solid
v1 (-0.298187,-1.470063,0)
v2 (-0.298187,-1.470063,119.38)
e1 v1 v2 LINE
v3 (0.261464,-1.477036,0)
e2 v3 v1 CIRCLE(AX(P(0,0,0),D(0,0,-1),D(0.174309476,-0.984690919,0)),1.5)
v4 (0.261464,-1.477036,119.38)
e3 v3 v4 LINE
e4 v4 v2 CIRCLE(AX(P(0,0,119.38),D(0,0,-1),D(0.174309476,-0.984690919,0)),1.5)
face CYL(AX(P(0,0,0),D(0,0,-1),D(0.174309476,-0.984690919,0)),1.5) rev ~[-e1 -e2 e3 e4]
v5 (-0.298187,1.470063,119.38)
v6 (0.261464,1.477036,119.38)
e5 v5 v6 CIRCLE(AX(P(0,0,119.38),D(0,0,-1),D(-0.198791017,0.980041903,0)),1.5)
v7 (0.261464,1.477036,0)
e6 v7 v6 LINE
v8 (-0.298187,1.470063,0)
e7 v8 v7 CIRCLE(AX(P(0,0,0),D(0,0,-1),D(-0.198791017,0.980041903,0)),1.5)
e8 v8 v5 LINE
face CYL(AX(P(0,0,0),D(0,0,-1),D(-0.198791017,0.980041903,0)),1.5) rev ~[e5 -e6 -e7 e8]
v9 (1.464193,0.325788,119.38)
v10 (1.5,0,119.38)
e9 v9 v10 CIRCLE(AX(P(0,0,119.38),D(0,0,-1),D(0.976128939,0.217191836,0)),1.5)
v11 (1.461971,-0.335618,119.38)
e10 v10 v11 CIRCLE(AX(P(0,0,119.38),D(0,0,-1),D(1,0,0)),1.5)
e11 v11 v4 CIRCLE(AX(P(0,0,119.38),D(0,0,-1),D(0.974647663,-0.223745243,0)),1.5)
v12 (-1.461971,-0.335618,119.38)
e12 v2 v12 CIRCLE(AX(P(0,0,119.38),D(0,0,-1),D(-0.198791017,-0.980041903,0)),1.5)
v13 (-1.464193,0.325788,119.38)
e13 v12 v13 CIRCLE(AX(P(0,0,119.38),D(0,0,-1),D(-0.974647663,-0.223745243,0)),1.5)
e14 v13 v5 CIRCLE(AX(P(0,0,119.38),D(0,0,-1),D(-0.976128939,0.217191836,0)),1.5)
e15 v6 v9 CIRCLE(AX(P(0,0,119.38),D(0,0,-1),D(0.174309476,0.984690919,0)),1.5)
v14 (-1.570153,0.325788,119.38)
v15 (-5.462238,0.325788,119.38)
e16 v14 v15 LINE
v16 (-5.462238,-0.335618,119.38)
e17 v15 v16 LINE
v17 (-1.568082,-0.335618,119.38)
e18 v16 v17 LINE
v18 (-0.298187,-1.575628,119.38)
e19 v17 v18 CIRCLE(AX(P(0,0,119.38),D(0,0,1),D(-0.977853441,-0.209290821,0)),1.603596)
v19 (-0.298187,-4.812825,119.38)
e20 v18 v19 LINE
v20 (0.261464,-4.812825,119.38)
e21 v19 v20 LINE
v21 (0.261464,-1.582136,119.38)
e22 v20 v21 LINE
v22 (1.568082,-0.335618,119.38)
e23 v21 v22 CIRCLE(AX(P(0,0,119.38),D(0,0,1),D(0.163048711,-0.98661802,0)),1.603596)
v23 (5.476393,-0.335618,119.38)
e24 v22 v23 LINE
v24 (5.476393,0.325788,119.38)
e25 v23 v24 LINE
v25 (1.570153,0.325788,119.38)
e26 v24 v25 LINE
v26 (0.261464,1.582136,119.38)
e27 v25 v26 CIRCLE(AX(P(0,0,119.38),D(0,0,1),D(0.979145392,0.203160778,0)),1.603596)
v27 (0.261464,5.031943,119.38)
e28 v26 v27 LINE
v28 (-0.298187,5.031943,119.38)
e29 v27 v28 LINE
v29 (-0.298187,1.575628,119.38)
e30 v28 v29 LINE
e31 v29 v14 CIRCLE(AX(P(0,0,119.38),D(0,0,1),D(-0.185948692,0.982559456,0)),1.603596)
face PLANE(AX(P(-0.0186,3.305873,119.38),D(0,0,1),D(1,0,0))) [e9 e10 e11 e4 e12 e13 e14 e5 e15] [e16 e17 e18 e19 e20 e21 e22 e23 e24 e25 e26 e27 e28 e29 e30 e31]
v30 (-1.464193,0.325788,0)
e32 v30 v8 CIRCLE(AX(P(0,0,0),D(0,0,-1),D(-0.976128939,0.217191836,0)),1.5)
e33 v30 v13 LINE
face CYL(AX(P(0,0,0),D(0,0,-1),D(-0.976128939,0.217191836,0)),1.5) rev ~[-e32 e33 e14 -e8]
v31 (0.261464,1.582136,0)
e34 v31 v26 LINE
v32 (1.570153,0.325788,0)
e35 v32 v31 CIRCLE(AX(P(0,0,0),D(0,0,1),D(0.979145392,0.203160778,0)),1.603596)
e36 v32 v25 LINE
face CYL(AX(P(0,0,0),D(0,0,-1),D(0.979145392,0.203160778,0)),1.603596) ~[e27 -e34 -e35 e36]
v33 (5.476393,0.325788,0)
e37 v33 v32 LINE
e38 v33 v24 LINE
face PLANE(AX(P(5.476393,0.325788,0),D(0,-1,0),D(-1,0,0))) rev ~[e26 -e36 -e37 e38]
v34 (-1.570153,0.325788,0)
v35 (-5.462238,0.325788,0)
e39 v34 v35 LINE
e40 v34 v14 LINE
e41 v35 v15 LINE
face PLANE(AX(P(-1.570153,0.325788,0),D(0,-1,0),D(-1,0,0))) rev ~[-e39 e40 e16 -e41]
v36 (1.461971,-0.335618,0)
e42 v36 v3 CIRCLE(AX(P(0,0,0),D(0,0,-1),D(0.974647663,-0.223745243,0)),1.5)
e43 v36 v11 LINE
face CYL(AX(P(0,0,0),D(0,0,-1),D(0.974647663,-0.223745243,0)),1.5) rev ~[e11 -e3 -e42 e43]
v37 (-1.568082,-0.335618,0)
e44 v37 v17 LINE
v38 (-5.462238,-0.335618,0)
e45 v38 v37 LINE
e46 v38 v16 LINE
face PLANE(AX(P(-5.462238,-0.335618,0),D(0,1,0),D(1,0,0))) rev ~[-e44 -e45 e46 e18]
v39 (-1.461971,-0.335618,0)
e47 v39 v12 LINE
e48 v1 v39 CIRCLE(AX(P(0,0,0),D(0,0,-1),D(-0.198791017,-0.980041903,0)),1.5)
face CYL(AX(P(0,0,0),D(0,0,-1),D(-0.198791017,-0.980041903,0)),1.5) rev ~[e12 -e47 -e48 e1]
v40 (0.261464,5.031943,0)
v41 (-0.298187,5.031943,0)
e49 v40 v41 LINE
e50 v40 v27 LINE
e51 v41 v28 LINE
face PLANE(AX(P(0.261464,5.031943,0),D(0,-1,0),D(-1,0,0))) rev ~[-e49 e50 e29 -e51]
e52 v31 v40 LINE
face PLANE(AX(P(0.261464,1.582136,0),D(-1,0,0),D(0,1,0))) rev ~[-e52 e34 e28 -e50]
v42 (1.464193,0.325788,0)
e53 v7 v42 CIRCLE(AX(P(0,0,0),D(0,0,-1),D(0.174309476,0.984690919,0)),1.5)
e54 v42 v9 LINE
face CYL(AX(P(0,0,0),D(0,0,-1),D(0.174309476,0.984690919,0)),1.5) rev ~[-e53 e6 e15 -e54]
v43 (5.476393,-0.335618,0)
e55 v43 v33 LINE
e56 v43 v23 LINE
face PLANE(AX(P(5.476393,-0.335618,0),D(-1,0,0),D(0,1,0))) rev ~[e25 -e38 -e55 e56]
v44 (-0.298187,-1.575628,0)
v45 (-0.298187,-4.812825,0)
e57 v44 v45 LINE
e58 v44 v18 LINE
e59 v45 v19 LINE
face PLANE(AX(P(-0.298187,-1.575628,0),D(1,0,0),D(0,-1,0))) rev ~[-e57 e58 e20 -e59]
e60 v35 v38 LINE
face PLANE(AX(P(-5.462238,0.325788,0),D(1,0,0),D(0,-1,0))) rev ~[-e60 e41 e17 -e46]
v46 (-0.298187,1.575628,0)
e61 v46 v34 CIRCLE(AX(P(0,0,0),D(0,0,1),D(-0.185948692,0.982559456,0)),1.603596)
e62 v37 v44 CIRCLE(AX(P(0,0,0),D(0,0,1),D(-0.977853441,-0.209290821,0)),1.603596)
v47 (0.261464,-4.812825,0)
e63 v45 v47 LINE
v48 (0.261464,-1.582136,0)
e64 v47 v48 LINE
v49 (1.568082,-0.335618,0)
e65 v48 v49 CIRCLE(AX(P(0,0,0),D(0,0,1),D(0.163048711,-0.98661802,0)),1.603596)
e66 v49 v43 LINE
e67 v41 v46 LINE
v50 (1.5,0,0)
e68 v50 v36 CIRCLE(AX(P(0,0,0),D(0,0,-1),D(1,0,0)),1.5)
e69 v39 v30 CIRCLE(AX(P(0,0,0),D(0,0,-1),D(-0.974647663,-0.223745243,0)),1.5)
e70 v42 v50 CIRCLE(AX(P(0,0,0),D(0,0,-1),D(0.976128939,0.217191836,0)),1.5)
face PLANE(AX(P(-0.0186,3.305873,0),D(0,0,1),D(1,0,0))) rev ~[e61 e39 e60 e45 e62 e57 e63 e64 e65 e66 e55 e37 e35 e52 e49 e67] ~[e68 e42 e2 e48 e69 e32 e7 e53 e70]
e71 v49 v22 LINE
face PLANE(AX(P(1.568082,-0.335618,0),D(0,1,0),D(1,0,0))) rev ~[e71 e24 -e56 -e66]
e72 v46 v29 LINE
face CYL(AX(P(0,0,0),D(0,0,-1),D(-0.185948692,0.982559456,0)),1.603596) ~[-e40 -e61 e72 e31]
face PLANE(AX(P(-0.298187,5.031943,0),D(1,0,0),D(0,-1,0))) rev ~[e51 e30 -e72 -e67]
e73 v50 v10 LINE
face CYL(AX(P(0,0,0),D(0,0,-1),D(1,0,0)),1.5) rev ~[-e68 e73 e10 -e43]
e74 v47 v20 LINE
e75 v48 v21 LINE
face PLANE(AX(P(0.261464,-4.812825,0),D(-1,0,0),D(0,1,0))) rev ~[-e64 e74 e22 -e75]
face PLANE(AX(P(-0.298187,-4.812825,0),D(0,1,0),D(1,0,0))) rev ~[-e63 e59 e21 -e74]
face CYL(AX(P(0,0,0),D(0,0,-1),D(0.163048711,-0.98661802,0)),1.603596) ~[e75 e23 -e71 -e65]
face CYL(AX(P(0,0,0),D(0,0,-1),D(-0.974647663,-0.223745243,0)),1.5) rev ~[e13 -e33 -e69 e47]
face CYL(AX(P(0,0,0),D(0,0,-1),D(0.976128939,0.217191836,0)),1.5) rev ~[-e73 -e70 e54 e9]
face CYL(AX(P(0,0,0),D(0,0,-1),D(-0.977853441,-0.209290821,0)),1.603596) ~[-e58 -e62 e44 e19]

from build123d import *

# Parameters (mm, degrees)
F1_DEPTH = 119.38


with BuildPart() as f1:
    # F0 (on Top) → F1 (new body)
    with BuildSketch(Plane.XY):
        with BuildLine():
            ThreePointArc((-0.2981865255, 1.5756281364), (-0.0186472924, 1.6034872954), (0.2614642144, 1.582136433))
            Line((0.2614642144, 1.582136433), (0.2614642144, 5.0319428556))
            Line((0.2614642144, 5.0319428556), (-0.2981865255, 5.0319428556))
            Line((-0.2981865255, 5.0319428556), (-0.2981865255, 1.5756281364))
        make_face()
        with BuildLine():
            ThreePointArc((-1.5680815915, -0.335617864), (-1.6035878514, -0.0050230288), (-1.5701533579, 0.3257877543))
            Line((-1.5701533579, 0.3257877543), (-5.4622376338, 0.3257877543))
            Line((-5.4622376338, 0.3257877543), (-5.4622376338, -0.335617864))
            Line((-5.4622376338, -0.335617864), (-1.5680815915, -0.335617864))
        make_face()
        with BuildLine():
            Line((5.4763928056, 0.3257877543), (1.5701533579, 0.3257877543))
            ThreePointArc((1.5701533579, 0.3257877543), (1.5952132193, 0.1637498491), (1.6035957184, 0))
            ThreePointArc((1.6035957184, 0), (1.594692471, -0.1687458176), (1.5680815915, -0.335617864))
            Line((1.5680815915, -0.335617864), (5.4763928056, -0.335617864))
            Line((5.4763928056, -0.335617864), (5.4763928056, 0.3257877543))
        make_face()
        with BuildLine():
            Line((0.2614642144, -4.8128245398), (0.2614642144, -1.582136433))
            ThreePointArc((0.2614642144, -1.582136433), (-0.0186472924, -1.6034872954), (-0.2981865255, -1.5756281364))
            Line((-0.2981865255, -1.5756281364), (-0.2981865255, -4.8128245398))
            Line((-0.2981865255, -4.8128245398), (0.2614642144, -4.8128245398))
        make_face()
        with BuildLine():
            ThreePointArc((0.2614642144, 1.4770363789), (1.0372159405, 1.0835972927), (1.4641934091, 0.3257877543))
            Line((1.4641934091, 0.3257877543), (1.5701533579, 0.3257877543))
            ThreePointArc((1.5701533579, 0.3257877543), (1.1105443411, 1.1568104835), (0.2614642144, 1.582136433))
            Line((0.2614642144, 1.582136433), (0.2614642144, 1.4770363789))
        make_face()
        with BuildLine():
            ThreePointArc((-0.2981865255, 1.4700628544), (-0.0186892895, 1.4998835656), (0.2614642144, 1.4770363789))
            Line((0.2614642144, 1.4770363789), (0.2614642144, 1.582136433))
            ThreePointArc((0.2614642144, 1.582136433), (-0.0186472924, 1.6034872954), (-0.2981865255, 1.5756281364))
            Line((-0.2981865255, 1.5756281364), (-0.2981865255, 1.4700628544))
        make_face()
        with BuildLine():
            ThreePointArc((-1.4641934091, 0.3257877543), (-1.0506365378, 1.0705899614), (-0.2981865255, 1.4700628544))
            Line((-0.2981865255, 1.4700628544), (-0.2981865255, 1.5756281364))
            ThreePointArc((-0.2981865255, 1.5756281364), (-1.1239211383, 1.1438183872), (-1.5701533579, 0.3257877543))
            Line((-1.5701533579, 0.3257877543), (-1.4641934091, 0.3257877543))
        make_face()
        with BuildLine():
            ThreePointArc((-1.461971494, -0.335617864), (-1.499991536, -0.0050390467), (-1.4641934091, 0.3257877543))
            Line((-1.4641934091, 0.3257877543), (-1.5701533579, 0.3257877543))
            ThreePointArc((-1.5701533579, 0.3257877543), (-1.6035878514, -0.0050230288), (-1.5680815915, -0.335617864))
            Line((-1.5680815915, -0.335617864), (-1.461971494, -0.335617864))
        make_face()
        with BuildLine():
            Line((-0.2981865255, -1.5756281364), (-0.2981865255, -1.4700628544))
            ThreePointArc((-0.2981865255, -1.4700628544), (-1.0470341076, -1.0741133914), (-1.461971494, -0.335617864))
            Line((-1.461971494, -0.335617864), (-1.5680815915, -0.335617864))
            ThreePointArc((-1.5680815915, -0.335617864), (-1.1203327809, -1.1473332943), (-0.2981865255, -1.5756281364))
        make_face()
        with BuildLine():
            Line((0.2614642144, -1.582136433), (0.2614642144, -1.4770363789))
            ThreePointArc((0.2614642144, -1.4770363789), (-0.0186892895, -1.4998835656), (-0.2981865255, -1.4700628544))
            Line((-0.2981865255, -1.4700628544), (-0.2981865255, -1.5756281364))
            ThreePointArc((-0.2981865255, -1.5756281364), (-0.0186472924, -1.6034872954), (0.2614642144, -1.582136433))
        make_face()
        with BuildLine():
            Line((1.5680815915, -0.335617864), (1.461971494, -0.335617864))
            ThreePointArc((1.461971494, -0.335617864), (1.0335698897, -1.0870755646), (0.2614642144, -1.4770363789))
            Line((0.2614642144, -1.4770363789), (0.2614642144, -1.582136433))
            ThreePointArc((0.2614642144, -1.582136433), (1.1069153534, -1.1602834259), (1.5680815915, -0.335617864))
        make_face()
        with BuildLine():
            ThreePointArc((1.4641934091, 0.3257877543), (1.491021481, 0.163874779), (1.5, 0))
            ThreePointArc((1.5, 0), (1.4904625525, -0.1688827389), (1.461971494, -0.335617864))
            Line((1.461971494, -0.335617864), (1.5680815915, -0.335617864))
            ThreePointArc((1.5680815915, -0.335617864), (1.594692471, -0.1687458176), (1.6035957184, 0))
            ThreePointArc((1.6035957184, 0), (1.5952132193, 0.1637498491), (1.5701533579, 0.3257877543))
            Line((1.5701533579, 0.3257877543), (1.4641934091, 0.3257877543))
        make_face()
    extrude(amount=F1_DEPTH)


solid = f1.part
